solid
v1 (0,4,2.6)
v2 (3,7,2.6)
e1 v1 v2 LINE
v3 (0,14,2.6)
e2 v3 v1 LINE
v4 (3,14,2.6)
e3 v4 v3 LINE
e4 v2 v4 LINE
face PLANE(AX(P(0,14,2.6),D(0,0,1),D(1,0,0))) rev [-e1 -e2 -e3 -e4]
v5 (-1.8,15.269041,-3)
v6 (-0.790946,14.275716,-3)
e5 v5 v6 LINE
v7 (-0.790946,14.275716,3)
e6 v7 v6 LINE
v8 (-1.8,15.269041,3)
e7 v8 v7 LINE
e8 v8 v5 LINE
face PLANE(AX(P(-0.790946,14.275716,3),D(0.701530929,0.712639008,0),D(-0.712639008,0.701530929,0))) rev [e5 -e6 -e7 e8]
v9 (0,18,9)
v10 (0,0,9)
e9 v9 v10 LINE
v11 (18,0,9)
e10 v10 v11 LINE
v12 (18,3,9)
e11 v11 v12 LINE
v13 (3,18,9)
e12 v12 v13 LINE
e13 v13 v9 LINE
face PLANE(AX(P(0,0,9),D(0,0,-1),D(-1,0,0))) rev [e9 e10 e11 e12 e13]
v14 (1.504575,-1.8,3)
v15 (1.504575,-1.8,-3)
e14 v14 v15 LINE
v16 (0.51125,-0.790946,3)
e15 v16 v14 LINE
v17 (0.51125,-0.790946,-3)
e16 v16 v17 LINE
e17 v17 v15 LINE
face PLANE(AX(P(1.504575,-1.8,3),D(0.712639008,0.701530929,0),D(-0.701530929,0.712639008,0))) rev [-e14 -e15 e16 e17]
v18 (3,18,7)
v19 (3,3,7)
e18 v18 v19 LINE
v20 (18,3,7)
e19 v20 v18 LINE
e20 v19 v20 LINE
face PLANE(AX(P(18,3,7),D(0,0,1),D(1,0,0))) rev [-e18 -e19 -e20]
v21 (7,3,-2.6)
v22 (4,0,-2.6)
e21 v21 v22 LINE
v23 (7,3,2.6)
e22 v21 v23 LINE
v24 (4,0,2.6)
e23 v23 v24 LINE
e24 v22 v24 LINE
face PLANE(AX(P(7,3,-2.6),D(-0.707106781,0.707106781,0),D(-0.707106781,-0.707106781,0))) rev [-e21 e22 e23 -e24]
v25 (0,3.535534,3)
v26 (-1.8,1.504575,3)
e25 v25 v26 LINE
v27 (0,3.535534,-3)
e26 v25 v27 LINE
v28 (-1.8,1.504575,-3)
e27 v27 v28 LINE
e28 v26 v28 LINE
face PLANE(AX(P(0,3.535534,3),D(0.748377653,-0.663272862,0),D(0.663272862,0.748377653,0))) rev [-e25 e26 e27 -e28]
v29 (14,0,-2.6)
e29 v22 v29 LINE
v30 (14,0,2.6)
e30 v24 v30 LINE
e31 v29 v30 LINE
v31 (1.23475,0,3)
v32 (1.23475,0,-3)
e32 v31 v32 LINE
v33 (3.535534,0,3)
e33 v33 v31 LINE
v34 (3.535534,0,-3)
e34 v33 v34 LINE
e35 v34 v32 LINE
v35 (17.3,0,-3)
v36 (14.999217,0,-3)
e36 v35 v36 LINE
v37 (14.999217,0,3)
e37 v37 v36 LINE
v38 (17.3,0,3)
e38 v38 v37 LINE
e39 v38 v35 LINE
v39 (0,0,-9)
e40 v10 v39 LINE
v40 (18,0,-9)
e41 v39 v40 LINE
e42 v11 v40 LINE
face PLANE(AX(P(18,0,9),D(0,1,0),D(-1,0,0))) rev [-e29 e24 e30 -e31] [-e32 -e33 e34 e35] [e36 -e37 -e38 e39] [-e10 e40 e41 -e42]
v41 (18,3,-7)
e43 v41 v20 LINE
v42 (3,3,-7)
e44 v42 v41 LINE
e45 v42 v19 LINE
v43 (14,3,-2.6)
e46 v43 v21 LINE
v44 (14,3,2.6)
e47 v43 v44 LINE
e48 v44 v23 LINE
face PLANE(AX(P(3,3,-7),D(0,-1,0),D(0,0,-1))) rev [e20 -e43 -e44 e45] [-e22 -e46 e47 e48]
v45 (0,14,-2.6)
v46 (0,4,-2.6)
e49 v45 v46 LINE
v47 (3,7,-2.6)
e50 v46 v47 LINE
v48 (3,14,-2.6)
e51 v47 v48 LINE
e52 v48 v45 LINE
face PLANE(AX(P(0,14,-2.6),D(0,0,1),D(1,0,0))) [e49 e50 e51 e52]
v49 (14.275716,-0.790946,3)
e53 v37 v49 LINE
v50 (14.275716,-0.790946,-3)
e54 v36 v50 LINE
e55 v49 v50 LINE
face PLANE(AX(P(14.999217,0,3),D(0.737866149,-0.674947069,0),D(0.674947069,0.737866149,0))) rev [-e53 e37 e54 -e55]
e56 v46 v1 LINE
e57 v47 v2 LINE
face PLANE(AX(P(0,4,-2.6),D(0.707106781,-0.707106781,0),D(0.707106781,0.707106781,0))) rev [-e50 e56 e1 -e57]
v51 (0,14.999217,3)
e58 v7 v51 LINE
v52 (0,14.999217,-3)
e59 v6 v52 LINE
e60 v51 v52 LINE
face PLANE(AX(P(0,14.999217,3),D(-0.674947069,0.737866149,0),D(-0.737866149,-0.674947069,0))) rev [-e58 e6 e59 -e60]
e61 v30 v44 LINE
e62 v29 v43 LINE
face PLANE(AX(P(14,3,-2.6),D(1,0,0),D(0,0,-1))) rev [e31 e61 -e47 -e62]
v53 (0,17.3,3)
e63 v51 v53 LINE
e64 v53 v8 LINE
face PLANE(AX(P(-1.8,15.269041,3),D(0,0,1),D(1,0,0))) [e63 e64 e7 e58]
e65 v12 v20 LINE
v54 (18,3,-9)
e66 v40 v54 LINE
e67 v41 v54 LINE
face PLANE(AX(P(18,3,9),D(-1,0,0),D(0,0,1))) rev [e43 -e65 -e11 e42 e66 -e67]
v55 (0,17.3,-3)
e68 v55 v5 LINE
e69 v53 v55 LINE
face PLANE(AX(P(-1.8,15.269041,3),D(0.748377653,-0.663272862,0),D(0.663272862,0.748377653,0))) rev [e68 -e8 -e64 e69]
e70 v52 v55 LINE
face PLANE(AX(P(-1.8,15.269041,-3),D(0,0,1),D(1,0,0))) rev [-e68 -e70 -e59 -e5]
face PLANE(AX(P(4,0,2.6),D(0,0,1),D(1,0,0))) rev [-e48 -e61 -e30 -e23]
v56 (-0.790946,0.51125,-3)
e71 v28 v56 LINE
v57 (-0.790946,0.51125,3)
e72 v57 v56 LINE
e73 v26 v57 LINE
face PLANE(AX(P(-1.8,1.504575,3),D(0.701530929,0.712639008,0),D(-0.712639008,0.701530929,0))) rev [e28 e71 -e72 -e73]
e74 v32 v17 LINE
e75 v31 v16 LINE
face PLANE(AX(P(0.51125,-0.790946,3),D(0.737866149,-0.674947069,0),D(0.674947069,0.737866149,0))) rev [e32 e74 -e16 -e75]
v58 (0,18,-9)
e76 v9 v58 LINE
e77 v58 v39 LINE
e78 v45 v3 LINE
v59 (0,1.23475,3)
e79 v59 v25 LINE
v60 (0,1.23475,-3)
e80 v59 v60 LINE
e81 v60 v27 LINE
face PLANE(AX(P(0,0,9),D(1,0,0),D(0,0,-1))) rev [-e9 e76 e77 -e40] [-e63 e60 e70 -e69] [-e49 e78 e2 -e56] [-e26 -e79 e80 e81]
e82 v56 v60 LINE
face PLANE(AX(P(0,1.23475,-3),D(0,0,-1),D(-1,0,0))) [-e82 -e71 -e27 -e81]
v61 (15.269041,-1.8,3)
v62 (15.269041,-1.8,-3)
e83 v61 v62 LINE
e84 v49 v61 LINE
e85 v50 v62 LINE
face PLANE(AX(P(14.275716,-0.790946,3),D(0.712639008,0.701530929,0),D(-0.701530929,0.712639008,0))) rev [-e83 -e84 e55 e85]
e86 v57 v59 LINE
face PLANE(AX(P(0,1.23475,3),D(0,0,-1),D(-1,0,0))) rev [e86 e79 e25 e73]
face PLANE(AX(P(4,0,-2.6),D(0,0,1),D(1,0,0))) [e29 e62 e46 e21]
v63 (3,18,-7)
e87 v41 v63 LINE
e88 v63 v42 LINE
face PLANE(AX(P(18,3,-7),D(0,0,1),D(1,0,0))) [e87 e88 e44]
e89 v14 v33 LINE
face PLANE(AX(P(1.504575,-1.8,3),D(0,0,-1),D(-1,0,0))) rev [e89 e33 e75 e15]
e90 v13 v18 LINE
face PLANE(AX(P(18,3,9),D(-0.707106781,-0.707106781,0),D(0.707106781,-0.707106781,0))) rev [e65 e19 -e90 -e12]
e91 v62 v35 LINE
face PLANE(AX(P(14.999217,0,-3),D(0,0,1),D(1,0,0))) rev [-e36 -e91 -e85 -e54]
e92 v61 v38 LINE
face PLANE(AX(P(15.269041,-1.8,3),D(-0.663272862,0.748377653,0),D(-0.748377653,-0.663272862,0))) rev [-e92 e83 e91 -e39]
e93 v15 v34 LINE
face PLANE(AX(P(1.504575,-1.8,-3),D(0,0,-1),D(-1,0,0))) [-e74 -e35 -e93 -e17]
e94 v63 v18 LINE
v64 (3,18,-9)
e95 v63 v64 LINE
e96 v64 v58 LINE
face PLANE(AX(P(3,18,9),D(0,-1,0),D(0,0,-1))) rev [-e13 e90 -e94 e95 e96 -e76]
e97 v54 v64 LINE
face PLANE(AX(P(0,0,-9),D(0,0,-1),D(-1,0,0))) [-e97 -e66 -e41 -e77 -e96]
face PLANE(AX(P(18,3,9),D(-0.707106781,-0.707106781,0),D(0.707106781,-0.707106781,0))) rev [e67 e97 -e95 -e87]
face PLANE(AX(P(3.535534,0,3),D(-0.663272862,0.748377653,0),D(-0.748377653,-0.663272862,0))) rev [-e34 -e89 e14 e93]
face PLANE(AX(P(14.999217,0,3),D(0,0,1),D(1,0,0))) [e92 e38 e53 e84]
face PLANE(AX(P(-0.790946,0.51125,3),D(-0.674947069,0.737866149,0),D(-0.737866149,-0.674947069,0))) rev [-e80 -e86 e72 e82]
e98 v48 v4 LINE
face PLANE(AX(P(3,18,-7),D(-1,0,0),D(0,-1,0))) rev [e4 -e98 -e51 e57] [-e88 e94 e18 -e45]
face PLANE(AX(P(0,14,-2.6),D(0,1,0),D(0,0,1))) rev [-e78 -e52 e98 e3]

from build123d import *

# Parameters (mm, degrees)
BOSS_EXTRUDE1_DEPTH = 9
CUT_EXTRUDE1_DEPTH  = 7
CUT_EXTRUDE2_DEPTH  = 2.6
BOSS_EXTRUDE2_DEPTH = 3


with BuildPart() as part:
    # Sketch1 → Boss-Extrude1 (new, symmetric)
    with BuildSketch(Plane.XY):
        Polygon((0, 0), (0, 18), (3, 18), (18, 3), (18, 0), align=None)
    extrude(amount=BOSS_EXTRUDE1_DEPTH, both=True)

    # Sketch2 → Cut-Extrude1 (cut, symmetric)
    with BuildSketch(Plane.XY):
        Polygon((3, 18), (3, 3), (18, 3), align=None)
    extrude(amount=CUT_EXTRUDE1_DEPTH, both=True, mode=Mode.SUBTRACT)

    # Sketch3 → Cut-Extrude2 (cut, symmetric)
    with BuildSketch(Plane.XY):
        Polygon((0, 14), (3, 14), (3, 7), (0, 4), align=None)
        Polygon((7, 3), (14, 3), (14, 0), (4, 0), align=None)
    extrude(amount=CUT_EXTRUDE2_DEPTH, both=True, mode=Mode.SUBTRACT)

    # Sketch4 → Boss-Extrude2 (add, symmetric)
    with BuildSketch(Plane.XY):
        Polygon((1.504575227, -1.8), (0.511249685, -0.790946088), (1.234750477, 0), (3.535533906, 0), align=None)
        Polygon((0, 3.535533906), (-1.8, 1.504575227), (-0.790946088, 0.511249685), (0, 1.234750477), align=None)
        Polygon((0, 17.3), (0, 14.999216572), (-0.790946088, 14.275715779), (-1.8, 15.269041321), align=None)
        Polygon((14.999216572, 0), (14.275715779, -0.790946088), (15.269041321, -1.8), (17.3, 0), align=None)
    extrude(amount=BOSS_EXTRUDE2_DEPTH, both=True)


solid = part.part
